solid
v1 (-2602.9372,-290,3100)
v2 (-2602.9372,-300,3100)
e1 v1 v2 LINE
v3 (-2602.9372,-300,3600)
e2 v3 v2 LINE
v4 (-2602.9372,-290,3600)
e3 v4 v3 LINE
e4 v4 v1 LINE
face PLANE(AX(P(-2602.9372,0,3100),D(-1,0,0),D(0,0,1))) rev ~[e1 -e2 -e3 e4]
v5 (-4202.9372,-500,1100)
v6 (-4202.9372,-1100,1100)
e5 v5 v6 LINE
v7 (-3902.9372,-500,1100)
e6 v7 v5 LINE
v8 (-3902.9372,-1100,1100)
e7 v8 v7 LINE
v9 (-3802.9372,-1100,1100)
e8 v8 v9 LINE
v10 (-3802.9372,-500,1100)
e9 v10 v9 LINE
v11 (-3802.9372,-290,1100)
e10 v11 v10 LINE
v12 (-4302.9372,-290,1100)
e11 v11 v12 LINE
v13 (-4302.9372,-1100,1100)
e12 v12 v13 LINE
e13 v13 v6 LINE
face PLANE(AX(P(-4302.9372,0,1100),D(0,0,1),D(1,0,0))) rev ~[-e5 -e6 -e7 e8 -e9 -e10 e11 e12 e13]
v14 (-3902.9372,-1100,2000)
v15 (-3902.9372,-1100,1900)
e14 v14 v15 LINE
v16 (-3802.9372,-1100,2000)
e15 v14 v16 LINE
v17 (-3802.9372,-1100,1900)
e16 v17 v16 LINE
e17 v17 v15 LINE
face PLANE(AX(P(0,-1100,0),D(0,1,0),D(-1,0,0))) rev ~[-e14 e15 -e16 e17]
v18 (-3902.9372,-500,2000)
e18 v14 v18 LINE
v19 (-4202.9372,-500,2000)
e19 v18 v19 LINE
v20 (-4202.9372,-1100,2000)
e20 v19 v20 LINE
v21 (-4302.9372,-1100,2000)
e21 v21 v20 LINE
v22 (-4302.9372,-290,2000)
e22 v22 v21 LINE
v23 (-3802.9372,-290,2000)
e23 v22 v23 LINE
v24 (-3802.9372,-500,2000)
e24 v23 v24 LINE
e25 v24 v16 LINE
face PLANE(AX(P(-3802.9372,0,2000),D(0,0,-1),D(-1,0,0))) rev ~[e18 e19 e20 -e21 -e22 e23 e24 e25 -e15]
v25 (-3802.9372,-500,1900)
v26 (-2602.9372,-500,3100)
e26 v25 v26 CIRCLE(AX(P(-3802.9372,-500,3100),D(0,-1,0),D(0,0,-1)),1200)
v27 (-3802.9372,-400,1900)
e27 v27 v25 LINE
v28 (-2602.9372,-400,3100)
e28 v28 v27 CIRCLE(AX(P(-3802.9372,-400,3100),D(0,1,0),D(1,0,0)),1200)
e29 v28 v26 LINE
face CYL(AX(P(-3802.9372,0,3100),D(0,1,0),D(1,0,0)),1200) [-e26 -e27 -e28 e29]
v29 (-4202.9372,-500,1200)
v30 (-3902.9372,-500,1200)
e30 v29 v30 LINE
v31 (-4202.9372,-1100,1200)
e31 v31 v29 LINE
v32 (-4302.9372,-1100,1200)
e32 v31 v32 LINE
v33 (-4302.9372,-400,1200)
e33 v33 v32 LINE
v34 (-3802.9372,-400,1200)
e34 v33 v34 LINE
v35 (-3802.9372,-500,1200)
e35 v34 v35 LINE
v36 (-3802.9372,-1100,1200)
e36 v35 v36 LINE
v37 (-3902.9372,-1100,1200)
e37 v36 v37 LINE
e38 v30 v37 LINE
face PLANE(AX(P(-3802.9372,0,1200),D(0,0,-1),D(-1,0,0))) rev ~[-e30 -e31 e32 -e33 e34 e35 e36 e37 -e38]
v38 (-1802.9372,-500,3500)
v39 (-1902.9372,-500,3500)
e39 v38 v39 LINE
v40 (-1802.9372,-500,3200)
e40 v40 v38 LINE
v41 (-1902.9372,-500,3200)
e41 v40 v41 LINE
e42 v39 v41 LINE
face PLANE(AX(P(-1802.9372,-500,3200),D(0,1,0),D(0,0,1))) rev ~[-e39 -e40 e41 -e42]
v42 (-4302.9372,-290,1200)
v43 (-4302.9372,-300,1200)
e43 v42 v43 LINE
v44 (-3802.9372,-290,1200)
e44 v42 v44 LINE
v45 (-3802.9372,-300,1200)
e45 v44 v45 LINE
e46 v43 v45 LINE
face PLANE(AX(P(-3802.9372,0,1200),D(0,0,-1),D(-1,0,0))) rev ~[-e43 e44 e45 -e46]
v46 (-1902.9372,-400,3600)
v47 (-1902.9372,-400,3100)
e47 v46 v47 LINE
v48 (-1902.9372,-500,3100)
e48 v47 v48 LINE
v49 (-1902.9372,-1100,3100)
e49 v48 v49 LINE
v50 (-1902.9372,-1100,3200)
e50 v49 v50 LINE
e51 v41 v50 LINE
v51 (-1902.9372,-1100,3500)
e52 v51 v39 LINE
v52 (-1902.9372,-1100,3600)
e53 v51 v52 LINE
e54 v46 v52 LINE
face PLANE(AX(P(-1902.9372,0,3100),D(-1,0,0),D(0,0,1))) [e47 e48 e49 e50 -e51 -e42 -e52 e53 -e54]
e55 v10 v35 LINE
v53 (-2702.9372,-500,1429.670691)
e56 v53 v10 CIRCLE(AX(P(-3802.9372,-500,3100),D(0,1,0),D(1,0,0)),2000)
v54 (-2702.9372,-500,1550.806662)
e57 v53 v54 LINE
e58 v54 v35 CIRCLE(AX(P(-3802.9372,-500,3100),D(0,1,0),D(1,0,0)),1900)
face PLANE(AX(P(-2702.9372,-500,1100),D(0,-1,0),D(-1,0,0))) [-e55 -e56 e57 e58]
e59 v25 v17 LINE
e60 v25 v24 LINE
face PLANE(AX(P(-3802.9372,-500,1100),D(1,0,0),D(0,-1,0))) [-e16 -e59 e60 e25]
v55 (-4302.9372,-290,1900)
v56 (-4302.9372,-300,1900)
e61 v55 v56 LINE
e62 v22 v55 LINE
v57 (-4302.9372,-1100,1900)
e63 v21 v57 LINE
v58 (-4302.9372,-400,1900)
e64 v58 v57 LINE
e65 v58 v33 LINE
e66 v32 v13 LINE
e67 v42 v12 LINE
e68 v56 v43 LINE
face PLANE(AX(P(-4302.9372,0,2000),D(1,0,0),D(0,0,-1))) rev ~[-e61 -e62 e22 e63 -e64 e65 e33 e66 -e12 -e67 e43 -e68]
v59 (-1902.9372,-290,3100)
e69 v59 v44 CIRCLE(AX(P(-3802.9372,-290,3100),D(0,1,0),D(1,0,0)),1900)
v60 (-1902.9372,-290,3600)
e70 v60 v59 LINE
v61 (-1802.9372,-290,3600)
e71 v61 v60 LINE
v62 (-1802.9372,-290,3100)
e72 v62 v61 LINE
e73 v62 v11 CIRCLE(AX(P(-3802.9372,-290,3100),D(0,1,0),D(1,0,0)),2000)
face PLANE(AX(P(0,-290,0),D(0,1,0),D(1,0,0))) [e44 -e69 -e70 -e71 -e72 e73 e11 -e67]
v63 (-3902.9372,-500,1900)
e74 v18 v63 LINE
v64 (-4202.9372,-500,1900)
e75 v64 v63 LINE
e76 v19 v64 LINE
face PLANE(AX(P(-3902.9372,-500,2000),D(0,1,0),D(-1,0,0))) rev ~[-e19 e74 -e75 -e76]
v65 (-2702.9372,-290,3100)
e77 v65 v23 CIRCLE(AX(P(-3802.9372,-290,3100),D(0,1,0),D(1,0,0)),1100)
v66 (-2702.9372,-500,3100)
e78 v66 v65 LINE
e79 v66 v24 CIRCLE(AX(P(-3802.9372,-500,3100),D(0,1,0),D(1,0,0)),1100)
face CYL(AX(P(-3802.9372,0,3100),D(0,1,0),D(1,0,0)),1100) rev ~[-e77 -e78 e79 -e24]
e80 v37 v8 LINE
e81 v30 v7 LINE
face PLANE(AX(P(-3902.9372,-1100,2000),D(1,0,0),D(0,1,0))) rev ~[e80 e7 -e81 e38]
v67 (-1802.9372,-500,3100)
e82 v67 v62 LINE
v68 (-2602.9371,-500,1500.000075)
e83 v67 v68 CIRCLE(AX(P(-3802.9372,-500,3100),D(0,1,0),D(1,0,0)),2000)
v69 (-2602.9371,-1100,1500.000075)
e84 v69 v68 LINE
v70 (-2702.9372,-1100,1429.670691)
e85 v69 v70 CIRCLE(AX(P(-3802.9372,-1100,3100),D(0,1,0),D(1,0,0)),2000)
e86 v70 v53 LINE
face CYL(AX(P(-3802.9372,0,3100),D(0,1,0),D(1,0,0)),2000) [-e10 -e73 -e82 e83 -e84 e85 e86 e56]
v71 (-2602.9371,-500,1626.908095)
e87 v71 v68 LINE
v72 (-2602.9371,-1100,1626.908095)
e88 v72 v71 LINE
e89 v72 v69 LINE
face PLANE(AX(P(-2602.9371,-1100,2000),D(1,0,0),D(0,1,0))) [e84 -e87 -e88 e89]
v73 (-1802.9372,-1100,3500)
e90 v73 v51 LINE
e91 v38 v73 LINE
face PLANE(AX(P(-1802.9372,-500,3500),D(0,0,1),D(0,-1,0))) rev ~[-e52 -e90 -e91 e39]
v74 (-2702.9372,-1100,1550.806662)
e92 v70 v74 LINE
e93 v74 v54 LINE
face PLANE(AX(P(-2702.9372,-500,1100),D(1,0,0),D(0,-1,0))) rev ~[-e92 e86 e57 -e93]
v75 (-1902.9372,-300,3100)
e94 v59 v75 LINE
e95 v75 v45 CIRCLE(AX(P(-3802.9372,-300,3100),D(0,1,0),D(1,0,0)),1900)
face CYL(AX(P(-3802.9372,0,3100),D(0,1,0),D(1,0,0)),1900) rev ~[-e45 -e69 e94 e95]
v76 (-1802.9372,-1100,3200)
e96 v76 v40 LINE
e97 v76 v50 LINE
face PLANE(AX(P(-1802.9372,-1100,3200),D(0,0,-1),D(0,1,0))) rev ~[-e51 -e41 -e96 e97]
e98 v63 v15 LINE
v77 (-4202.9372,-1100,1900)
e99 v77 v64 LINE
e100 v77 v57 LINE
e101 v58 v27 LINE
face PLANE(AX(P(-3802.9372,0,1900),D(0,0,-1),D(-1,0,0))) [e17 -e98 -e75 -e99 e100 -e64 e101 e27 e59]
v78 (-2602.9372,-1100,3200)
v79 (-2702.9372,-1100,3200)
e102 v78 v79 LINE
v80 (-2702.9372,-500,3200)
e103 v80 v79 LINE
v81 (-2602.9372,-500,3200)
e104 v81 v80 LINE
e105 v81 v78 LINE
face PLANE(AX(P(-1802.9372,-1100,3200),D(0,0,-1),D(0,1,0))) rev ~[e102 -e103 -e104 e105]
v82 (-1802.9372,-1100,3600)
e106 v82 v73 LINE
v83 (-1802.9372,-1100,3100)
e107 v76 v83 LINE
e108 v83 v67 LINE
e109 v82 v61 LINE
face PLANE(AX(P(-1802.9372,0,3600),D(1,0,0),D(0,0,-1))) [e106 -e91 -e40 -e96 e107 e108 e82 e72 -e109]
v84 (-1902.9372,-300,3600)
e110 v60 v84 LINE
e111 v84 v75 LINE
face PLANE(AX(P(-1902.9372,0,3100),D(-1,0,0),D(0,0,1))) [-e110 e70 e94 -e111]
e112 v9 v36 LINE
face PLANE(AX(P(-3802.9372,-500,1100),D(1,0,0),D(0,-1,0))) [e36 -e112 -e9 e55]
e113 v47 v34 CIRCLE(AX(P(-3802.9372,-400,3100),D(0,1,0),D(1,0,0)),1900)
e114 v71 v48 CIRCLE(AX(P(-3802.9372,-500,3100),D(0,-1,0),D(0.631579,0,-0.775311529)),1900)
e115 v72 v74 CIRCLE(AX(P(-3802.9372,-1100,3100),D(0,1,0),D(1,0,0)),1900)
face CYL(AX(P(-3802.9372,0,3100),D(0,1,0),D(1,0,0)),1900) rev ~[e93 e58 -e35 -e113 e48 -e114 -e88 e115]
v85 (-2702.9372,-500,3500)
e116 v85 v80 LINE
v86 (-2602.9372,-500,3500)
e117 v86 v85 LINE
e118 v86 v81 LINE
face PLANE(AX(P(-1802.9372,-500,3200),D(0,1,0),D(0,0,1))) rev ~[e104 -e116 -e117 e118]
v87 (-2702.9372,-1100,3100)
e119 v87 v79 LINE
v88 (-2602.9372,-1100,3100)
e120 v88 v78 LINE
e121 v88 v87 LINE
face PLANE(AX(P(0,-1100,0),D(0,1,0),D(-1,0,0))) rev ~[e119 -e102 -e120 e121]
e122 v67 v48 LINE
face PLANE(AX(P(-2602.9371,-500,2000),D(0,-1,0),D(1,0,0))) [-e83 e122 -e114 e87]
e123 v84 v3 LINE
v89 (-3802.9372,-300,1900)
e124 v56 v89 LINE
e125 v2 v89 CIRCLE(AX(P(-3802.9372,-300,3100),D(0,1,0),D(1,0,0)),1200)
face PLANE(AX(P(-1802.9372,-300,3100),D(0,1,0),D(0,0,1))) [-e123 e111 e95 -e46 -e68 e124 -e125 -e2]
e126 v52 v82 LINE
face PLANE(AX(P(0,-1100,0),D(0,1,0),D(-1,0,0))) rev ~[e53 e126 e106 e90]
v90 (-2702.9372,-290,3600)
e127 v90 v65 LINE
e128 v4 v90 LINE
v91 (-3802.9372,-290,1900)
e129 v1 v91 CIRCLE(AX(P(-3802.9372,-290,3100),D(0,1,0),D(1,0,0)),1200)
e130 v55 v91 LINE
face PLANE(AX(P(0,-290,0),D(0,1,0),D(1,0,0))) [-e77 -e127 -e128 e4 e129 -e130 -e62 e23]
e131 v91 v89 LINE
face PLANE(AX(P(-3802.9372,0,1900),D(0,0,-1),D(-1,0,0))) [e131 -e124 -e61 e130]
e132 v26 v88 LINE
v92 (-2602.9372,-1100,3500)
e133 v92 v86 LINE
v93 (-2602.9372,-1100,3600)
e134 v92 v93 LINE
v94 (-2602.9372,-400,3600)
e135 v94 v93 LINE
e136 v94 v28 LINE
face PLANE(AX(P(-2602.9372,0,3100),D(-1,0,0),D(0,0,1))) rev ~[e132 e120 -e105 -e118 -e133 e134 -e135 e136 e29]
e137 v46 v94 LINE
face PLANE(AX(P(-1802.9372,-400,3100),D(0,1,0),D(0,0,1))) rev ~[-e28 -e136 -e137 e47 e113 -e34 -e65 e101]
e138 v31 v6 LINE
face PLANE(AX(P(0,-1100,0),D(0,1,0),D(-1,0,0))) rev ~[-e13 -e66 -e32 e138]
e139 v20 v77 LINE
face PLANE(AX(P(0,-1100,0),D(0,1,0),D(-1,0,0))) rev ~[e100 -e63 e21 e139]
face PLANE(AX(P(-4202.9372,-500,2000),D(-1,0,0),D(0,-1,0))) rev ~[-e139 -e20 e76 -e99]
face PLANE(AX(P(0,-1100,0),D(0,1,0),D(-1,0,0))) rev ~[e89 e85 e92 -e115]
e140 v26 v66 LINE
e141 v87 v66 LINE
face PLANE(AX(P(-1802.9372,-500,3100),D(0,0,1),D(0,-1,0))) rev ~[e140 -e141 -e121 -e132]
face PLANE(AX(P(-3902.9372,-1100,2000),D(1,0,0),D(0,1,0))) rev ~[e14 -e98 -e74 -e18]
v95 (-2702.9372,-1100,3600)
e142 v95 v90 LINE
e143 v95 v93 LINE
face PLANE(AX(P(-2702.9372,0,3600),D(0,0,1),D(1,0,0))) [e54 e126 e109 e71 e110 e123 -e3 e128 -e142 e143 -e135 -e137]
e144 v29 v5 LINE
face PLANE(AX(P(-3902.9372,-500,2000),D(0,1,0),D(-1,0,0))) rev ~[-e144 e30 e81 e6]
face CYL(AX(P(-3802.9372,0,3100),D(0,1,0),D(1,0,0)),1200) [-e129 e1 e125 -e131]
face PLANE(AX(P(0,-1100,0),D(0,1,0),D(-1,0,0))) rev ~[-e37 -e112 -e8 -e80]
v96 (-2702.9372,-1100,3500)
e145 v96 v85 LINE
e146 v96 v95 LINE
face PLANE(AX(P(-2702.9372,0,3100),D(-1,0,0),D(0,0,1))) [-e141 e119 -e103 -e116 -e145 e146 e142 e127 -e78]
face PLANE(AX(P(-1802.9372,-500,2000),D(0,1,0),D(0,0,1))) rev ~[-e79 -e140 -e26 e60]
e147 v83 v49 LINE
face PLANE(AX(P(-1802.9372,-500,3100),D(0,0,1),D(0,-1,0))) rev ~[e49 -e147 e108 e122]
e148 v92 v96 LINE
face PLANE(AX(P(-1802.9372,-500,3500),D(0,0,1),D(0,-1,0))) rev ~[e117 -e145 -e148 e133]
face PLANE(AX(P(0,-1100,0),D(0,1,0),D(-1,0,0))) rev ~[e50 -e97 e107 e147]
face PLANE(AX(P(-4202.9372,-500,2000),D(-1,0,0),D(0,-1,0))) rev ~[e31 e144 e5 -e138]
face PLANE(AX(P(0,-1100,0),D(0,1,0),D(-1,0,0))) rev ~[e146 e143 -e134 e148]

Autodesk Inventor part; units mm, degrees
ref_plane "YZ Plane" through (0, 0, 0) normal (1, 0, 0) x (0, 1, 0)
ref_plane "XZ Plane" through (0, 0, 0) normal (0, 1, 0) x (-1, 0, 0)
ref_plane "XY Plane" through (0, 0, 0) normal (0, 0, 1) x (1, 0, 0)
sketch "Sketch1" plane through (0, 0, 0) normal (0, 1, 0) x (-1, 0, 0)
  arc A0 (2702.9372, 3100) -> (3802.9372, 2000) centre (3802.9372, 3100) ccw
  arc A1 (1802.9372, 3100) -> (3802.9372, 1100) centre (3802.9372, 3100) ccw
  arc A2 (2602.9372, 3100) -> (3802.9372, 1900) centre (3802.9372, 3100) ccw
  arc A3 (1902.9372, 3100) -> (3802.9372, 1200) centre (3802.9372, 3100) ccw
  line L0 (3802.9372, 2000) -> (4302.9372, 2000)
  line L1 (4302.9372, 2000) -> (4302.9372, 1100)
  line L2 (4302.9372, 1100) -> (3802.9372, 1100)
  line L3 (3802.9372, 1900) -> (4302.9372, 1900)
  line L4 (3802.9372, 1200) -> (4302.9372, 1200)
  line L5 (2702.9372, 3100) -> (2702.9372, 3600)
  line L6 (2702.9372, 3600) -> (1802.9372, 3600)
  line L7 (1802.9372, 3600) -> (1802.9372, 3100)
  line L8 (2602.9372, 3100) -> (2602.9372, 3600)
  line L9 (1902.9372, 3100) -> (1902.9372, 3600)
  point P0 (2702.9372, 3100)
extrude "Extrusion1" add sketch "Sketch1" against normal blind 1100 contours A0 L0 L1 L3 A2 L8 L6 L5 | L9 A3 L4 L1 L2 A1 L7 L6
sketch "Sketch2" plane through (-1802.9372, 0, 3600) normal (1, 0, 0) x (0, 0, -1)
  line L0 (500, 0) -> (0, 0) projected
  line L1 (0, 0) -> (500, 0)
  line L2 (500, -300) -> (0, -300)
  line L3 (0, 0) -> (500, 0)
  line L4 (500, -400) -> (0, -400)
  line L5 (500, 0) -> (2500, 0) projected
  line L6 (500, 0) -> (500, -1100) projected
  line L7 (2500, -1100) -> (500, -1100) projected
  line L8 (2500, 0) -> (2500, -1100) projected
  line L9 (0, -400) -> (2500, -400)
  line L10 (2500, -400) -> (2500, -300)
  line L11 (2500, -300) -> (0, -300)
  line L12 (0, -300) -> (0, -400)
  line L13 (2500, -400) -> (2500, -300)
  point P0 (3600, 0)
  point P1 (0, -300)
  point P2 (500, -400)
  point P3 (2500, -400)
  point P4 (500, -300)
extrude "Extrusion2" add sketch "Sketch2" against normal blind 2500 contours L6 L4 L12 L2 | L11 L8 L9 L6
sketch "Sketch3" plane through (-4302.9372, -300, 3600) normal (0, 1, 0) x (1, 0, 0)
  line L0 (0, 1600) -> (500, 1600) projected
  line L1 (0, 0) -> (0, 1600) projected
  line L2 (1600, 0) -> (0, 0) projected
  line L3 (1600, 500) -> (1600, 0) projected
  arc A0 (1600, 500) -> (500, 1600) centre (500, 500) ccw projected
  arc A1 (2500, 500) -> (500, 2500) centre (500, 500) ccw projected
  line L4 (2500, 2500) -> (2500, 500) projected
  line L5 (2500, 2500) -> (500, 2500) projected
  point P0 (4302.9372, 3600)
extrude "Extrusion3" cut sketch "Sketch3" against normal blind 200
sketch "Sketch4" plane through (-1802.9372, 0, 3600) normal (1, 0, 0) x (0, 0, -1)
  line L0 (1600, 0) -> (1600, -1100) projected
  line L1 (500, 0) -> (500, -1100) projected
  line L2 (500, -1100) -> (2500, -1100) projected
  line L3 (500, -1100) -> (1600, -1100)
  line L4 (1600, -1100) -> (1600, -500)
  line L5 (1600, -500) -> (500, -500)
  line L6 (500, -500) -> (500, -1100)
  point P0 (3600, 0)
  point P1 (1600, -500)
  dimension "d25" = 1100
  dimension "d26" = 600
extrude "Extrusion4" cut sketch "Sketch4" against normal blind 3000
sketch "Sketch5" plane through (-3802.9372, 0, 1100) normal (0, 0, -1) x (-1, 0, 0)
  line L0 (-1100, 0) -> (-1100, -1100) projected
  line L1 (0, 0) -> (0, -1100) projected
  line L2 (-1670.3293, -1100) -> (0, -1100) projected
  line L3 (0, -1100) -> (-1100, -1100)
  line L4 (-1100, -1100) -> (-1100, -500)
  line L5 (-1100, -500) -> (0, -500)
  line L6 (0, -500) -> (0, -1100)
  point P0 (-3802.9372, 0)
  point P1 (0, -500)
  dimension "d29" = 1100
  dimension "d30" = 600
extrude "Extrusion5" cut sketch "Sketch5" against normal blind 3000
sketch "Sketch6" plane through (0, 0, 0) normal (0, 1, 0) x (1, 0, 0)
  line L0 (-1802.9372, -3100) -> (-1802.9372, -3600) projected
  line L1 (-4302.9372, -1082.625) -> (-1802.9372, -1082.625)
  line L2 (-1802.9372, -1082.625) -> (-1802.9372, -3600)
  line L3 (-1802.9372, -3600) -> (-4302.9372, -3600)
  line L4 (-4302.9372, -3600) -> (-4302.9372, -1082.625)
  point P0 (0, 0)
extrude "Extrusion6" cut sketch "Sketch6" against normal blind 290
sketch "Sketch7" plane through (-1802.9372, -1100, 3100) normal (1, 0, 0) x (0, 0, -1)
  line L0 (-500, 0) -> (-400, 0)
  line L1 (0, 0) -> (-500, 0) projected
  line L2 (0, 0) -> (-100, 0)
  line L3 (-400, 0) -> (-100, 0)
  line L4 (-100, 0) -> (-100, 600)
  line L5 (-100, 600) -> (-400, 600)
  line L6 (-400, 600) -> (-400, 0)
  point P0 (3100, 1100)
  dimension "d35" = 100
  dimension "d36" = 100
  dimension "d37" = 600
extrude "Extrusion7" cut sketch "Sketch7" against normal through all
sketch "Sketch8" plane through (-4302.9372, -1100, 2000) normal (0, 0, 1) x (1, 0, 0)
  line L0 (0, 0) -> (100, 0)
  line L1 (0, 0) -> (500, 0) projected
  line L2 (500, 0) -> (400, 0)
  line L3 (100, 0) -> (400, 0)
  line L4 (400, 0) -> (400, 600)
  line L5 (400, 600) -> (100, 600)
  line L6 (100, 600) -> (100, 0)
  point P0 (4302.9372, 1100)
  dimension "d40" = 100
  dimension "d41" = 100
  dimension "d42" = 600
extrude "Extrusion8" cut sketch "Sketch8" against normal through all
sketch "Sketch9" plane through (-2253.7438, -500, 2000) normal (0, 0, 1) x (1, 0, 0)
  line L0 (121.136, 0) -> (121.136, -600) projected
  line L1 (-349.1933, -600) -> (-349.1933, 0) projected
  line L2 (121.136, -600) -> (-349.1933, -600)
  line L3 (-349.1933, -600) -> (-349.1933, 0)
  line L4 (-349.1933, 0) -> (121.136, 0)
  line L5 (121.136, 0) -> (121.136, -600)
  point P0 (2253.7438, 500)
extrude "Extrusion9" cut sketch "Sketch9" against normal through all
sketch "Sketch10" plane through (-2702.9372, -1100, 1429.6707) normal (-1, 0, 0) x (0, 0, 1)
  point P0 (-1429.6707, 1100)
properties part number "Banda_CI_5m"
